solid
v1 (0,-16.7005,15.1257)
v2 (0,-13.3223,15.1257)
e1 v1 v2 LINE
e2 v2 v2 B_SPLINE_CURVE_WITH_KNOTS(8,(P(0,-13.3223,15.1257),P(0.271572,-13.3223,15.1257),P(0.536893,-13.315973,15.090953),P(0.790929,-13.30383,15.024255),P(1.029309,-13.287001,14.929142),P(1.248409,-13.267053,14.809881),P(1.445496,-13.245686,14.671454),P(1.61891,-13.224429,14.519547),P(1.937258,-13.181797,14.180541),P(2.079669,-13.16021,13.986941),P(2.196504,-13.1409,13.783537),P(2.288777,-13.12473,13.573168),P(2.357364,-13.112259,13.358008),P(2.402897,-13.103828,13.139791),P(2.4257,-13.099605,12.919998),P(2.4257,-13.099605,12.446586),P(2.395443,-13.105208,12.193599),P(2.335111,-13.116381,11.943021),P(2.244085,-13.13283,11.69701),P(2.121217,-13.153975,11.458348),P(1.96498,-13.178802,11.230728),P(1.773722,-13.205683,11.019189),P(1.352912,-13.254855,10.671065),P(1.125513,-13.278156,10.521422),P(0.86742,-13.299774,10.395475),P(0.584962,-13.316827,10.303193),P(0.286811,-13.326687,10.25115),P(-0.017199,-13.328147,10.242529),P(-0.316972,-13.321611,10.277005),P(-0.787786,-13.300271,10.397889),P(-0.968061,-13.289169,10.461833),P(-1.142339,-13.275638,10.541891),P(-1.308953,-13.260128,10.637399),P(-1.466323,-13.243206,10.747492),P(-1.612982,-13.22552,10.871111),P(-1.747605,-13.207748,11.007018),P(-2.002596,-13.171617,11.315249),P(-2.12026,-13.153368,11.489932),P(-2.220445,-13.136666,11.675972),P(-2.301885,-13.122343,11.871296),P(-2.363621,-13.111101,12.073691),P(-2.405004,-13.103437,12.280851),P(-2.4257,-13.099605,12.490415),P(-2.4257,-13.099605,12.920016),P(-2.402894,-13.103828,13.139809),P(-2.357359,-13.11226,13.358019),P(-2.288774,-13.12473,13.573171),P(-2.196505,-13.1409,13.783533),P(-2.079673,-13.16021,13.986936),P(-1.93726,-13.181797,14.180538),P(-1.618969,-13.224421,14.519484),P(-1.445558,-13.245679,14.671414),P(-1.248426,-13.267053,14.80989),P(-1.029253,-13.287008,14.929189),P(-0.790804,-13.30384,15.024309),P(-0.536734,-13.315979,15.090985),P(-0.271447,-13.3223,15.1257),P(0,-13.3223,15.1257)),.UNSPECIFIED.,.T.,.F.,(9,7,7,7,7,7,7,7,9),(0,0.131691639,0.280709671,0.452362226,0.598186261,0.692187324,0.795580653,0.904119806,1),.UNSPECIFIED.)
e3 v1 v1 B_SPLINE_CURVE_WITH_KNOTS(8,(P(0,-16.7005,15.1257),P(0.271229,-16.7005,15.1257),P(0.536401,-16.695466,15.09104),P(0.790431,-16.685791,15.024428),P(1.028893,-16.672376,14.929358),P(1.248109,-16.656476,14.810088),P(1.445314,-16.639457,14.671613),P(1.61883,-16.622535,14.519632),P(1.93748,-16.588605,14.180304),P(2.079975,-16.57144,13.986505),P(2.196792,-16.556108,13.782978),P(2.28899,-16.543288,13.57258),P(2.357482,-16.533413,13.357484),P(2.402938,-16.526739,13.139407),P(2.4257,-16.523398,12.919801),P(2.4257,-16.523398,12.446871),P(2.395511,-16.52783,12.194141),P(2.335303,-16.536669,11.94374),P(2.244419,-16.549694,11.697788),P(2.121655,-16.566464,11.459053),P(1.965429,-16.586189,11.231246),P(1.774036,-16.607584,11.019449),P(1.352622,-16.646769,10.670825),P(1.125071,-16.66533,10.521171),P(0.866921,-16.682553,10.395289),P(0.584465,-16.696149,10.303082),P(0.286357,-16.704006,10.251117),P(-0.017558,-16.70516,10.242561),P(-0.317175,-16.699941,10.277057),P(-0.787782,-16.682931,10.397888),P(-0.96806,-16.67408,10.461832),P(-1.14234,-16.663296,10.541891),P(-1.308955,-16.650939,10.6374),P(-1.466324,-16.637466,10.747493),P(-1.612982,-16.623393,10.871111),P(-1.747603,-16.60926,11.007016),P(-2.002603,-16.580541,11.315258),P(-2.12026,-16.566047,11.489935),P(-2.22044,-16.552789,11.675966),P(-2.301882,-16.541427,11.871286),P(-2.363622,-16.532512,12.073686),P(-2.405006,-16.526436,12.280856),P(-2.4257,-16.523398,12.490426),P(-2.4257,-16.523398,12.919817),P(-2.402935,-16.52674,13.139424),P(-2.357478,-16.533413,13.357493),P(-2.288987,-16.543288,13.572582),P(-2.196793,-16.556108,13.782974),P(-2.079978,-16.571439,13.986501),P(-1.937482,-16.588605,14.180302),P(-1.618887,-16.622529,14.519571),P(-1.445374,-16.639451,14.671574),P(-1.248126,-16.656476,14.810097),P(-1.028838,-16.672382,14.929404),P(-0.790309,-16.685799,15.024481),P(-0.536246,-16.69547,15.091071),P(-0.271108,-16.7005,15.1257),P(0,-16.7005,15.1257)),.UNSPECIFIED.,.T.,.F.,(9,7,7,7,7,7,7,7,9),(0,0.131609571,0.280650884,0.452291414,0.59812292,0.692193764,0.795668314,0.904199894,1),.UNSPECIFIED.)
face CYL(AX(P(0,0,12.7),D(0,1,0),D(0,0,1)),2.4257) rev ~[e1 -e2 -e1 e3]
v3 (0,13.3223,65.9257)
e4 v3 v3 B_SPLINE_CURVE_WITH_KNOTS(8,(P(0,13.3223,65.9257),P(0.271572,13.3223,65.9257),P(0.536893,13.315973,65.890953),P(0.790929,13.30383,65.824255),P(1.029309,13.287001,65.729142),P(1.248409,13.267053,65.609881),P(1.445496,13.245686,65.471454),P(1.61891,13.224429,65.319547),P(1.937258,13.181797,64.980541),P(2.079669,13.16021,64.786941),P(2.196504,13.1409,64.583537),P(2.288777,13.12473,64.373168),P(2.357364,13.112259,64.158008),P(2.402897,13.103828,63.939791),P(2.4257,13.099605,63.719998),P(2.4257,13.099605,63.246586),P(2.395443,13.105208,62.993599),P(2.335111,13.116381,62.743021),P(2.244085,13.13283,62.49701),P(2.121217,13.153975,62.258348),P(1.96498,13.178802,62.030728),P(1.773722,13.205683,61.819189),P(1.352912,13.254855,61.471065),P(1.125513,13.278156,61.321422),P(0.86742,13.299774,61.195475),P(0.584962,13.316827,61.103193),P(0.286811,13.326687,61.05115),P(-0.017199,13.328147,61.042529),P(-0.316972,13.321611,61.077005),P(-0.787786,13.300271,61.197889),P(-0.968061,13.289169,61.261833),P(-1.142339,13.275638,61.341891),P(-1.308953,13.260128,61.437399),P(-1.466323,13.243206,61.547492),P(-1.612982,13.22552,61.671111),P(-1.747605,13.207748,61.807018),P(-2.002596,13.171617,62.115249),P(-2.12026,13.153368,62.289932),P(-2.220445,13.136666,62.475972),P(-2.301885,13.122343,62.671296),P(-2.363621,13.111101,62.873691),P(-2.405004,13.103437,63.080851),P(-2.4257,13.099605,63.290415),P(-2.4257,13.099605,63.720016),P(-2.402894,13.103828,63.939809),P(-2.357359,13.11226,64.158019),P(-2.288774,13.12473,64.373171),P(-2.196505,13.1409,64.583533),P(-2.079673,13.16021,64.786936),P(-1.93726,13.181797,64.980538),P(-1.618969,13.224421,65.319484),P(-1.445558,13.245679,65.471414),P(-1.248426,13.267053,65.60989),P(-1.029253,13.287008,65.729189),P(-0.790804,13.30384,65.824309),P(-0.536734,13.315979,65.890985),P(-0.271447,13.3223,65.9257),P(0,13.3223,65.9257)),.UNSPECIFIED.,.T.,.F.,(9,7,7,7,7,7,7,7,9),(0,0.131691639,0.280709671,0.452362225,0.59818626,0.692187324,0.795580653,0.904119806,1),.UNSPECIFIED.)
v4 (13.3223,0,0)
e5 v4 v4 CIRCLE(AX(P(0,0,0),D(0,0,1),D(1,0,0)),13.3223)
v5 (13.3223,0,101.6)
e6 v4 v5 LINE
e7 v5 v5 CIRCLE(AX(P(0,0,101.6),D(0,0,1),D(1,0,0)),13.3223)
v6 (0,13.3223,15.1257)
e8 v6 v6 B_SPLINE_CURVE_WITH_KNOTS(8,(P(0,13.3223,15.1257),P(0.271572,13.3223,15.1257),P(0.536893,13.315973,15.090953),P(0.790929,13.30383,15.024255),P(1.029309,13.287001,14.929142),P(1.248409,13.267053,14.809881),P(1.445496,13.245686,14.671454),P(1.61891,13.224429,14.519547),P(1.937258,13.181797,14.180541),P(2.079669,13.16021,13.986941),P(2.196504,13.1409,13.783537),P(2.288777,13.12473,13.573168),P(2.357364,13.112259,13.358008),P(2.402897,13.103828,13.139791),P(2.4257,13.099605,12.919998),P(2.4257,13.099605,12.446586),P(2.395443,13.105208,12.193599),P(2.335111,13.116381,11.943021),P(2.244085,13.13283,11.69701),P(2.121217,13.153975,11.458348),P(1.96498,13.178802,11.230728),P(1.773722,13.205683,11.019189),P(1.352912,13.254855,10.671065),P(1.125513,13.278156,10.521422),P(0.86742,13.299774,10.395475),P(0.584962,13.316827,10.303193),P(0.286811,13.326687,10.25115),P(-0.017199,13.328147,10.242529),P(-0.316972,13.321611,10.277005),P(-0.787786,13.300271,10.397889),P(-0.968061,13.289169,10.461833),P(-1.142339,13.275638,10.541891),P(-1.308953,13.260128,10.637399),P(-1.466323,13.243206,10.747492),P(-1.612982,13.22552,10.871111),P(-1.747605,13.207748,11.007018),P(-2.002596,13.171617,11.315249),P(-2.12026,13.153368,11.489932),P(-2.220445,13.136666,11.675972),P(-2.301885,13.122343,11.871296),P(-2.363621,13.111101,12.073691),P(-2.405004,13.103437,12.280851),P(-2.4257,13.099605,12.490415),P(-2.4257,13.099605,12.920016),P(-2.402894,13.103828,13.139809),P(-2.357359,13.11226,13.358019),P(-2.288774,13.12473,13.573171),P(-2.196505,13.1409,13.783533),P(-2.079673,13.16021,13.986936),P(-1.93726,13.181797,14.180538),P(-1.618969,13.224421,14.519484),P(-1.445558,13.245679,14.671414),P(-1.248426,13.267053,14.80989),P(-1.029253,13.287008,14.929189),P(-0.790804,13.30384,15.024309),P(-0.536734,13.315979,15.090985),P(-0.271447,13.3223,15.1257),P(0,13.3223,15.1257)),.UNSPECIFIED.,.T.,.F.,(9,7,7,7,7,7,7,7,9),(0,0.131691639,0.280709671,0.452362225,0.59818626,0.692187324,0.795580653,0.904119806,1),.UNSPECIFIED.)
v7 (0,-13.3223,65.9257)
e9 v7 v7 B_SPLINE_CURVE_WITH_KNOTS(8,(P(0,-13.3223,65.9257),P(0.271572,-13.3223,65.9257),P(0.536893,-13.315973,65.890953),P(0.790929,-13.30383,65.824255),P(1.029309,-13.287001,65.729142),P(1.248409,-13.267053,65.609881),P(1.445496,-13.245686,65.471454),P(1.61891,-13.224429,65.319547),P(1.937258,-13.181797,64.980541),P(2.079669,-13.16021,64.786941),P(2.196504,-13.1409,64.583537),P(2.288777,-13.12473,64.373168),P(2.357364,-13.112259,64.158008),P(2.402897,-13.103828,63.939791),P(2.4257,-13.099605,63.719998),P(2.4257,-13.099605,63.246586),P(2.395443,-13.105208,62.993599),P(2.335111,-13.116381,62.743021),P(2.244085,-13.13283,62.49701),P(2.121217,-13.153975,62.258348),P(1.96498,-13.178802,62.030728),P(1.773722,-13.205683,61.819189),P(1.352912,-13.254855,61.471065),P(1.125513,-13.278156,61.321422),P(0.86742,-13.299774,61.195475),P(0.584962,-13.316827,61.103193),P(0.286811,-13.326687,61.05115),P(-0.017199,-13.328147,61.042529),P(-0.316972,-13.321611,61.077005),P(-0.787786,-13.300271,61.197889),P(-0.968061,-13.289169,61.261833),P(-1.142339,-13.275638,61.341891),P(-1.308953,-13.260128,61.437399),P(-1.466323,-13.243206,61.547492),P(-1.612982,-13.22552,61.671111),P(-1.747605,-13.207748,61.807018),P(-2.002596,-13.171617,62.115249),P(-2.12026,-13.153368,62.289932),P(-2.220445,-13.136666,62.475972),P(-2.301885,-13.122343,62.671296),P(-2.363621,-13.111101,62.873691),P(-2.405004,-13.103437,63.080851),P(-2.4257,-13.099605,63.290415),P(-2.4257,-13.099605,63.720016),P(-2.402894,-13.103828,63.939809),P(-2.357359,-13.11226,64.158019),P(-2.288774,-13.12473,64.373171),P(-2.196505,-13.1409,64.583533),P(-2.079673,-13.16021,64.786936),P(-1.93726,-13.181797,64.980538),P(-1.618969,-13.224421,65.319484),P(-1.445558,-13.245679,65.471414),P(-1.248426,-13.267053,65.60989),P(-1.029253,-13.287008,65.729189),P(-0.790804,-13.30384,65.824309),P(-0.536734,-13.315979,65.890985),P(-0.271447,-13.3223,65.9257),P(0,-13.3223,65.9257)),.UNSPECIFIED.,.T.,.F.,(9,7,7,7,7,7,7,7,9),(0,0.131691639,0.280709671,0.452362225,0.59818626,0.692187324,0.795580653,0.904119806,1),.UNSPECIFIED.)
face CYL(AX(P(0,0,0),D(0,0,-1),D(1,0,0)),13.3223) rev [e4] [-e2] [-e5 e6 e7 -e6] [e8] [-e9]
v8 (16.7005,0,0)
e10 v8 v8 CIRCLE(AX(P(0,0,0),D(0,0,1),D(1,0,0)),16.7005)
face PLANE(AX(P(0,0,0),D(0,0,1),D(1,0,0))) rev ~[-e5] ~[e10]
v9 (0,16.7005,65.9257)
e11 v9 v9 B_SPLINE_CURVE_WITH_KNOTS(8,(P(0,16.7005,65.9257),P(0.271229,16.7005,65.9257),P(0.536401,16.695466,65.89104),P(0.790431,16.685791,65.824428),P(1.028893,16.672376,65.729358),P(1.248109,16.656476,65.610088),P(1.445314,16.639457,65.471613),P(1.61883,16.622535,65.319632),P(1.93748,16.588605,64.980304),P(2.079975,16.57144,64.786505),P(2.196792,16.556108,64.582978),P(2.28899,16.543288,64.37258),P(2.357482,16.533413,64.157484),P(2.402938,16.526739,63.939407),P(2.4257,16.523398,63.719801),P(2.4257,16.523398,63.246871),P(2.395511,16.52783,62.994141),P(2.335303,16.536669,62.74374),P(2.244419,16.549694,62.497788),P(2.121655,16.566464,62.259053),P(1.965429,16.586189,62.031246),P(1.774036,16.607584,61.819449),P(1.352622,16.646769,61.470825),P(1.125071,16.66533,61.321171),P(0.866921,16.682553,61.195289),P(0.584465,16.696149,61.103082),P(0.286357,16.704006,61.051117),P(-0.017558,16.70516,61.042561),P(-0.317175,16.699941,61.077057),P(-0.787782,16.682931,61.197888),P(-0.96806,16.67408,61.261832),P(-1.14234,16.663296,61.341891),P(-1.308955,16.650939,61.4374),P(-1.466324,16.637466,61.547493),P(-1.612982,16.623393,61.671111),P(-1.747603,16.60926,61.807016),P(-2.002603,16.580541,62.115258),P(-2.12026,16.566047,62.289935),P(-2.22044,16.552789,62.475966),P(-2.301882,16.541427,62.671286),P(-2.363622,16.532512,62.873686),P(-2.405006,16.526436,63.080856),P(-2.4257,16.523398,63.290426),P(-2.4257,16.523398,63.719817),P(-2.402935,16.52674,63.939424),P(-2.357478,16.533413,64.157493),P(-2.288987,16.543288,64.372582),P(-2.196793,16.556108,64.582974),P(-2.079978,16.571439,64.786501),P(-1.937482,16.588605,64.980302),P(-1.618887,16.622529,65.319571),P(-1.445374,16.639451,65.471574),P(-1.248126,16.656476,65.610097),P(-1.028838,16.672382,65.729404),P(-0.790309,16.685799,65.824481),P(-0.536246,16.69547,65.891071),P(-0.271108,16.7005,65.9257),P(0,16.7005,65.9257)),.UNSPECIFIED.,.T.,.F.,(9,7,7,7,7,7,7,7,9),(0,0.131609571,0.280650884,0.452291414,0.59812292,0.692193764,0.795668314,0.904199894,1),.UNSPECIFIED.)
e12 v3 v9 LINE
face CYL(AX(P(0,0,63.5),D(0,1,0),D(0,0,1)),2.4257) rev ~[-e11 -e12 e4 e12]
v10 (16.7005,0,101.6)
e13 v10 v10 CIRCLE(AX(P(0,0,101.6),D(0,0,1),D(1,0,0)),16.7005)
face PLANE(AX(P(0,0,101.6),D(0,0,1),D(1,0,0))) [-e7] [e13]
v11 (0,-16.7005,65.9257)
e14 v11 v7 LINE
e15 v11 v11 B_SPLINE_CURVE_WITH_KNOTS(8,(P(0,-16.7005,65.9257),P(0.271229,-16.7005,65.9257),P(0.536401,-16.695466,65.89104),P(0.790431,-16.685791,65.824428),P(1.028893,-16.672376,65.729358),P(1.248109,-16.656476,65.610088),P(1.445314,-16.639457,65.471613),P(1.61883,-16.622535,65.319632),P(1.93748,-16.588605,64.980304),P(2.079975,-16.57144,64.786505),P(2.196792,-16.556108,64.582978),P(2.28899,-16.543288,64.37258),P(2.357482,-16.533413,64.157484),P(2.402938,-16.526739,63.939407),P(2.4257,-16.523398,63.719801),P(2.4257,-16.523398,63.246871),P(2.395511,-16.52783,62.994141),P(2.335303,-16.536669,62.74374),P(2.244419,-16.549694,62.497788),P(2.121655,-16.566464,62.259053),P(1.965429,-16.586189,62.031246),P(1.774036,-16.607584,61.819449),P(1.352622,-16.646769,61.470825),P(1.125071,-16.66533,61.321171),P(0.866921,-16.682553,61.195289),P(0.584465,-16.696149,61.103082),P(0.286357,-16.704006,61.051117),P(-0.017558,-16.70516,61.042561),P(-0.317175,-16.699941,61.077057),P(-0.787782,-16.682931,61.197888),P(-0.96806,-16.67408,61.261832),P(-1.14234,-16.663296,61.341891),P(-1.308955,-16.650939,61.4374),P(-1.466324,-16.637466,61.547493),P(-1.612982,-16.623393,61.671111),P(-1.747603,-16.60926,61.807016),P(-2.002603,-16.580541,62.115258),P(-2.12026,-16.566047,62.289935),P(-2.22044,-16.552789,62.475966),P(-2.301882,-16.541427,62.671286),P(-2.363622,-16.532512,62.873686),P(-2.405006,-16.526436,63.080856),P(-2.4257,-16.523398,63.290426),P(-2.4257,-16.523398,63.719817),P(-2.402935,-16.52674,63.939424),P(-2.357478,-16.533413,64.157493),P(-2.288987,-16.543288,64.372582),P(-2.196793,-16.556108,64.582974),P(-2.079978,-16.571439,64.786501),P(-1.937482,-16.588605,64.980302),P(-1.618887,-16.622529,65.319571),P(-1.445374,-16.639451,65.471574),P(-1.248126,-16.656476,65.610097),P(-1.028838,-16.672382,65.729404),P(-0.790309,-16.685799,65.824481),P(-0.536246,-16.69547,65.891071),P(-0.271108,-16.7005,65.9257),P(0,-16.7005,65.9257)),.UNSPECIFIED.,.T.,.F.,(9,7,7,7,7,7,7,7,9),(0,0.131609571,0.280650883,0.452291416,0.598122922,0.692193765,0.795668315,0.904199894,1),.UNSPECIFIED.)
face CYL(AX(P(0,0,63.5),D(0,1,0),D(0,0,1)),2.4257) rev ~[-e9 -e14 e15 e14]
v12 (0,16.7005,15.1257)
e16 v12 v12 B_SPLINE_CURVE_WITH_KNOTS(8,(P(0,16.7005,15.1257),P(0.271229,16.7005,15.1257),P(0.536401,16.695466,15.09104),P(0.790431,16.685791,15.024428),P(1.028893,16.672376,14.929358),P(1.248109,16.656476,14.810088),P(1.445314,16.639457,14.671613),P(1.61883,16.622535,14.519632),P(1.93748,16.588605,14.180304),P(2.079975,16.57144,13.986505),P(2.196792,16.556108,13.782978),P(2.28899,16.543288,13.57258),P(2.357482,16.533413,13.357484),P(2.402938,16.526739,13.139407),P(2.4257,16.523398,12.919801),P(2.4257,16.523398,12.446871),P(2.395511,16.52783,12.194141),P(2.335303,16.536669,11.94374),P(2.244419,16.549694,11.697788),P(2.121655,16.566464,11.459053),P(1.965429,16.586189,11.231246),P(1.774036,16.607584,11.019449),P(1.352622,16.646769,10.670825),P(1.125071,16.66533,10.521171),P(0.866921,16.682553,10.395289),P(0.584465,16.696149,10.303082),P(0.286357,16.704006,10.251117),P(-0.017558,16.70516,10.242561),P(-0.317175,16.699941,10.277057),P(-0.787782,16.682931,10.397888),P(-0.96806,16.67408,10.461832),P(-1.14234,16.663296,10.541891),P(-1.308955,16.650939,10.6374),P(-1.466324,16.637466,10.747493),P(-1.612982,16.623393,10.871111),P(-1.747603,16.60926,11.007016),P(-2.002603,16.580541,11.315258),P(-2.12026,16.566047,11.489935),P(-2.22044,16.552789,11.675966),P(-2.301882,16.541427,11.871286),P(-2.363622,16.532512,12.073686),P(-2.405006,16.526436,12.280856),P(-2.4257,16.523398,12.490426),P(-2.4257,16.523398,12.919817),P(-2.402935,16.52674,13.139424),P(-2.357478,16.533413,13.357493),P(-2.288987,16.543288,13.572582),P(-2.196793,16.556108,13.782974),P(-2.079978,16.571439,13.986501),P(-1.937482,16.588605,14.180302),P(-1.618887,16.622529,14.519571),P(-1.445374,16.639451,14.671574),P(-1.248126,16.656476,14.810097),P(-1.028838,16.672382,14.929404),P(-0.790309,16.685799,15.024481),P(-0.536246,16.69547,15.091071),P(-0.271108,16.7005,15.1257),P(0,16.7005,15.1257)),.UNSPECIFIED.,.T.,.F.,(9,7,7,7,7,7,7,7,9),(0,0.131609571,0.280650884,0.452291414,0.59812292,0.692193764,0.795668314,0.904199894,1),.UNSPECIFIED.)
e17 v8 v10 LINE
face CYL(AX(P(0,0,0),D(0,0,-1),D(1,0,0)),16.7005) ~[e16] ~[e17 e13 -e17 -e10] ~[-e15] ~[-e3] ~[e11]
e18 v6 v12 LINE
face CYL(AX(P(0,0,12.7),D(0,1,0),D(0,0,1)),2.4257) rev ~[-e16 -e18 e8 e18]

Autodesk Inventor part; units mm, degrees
ref_plane "XZ Plane" through (0, 0, 0) normal (0, 1, 0) x (-1, 0, 0)
ref_plane "XY Plane" through (0, 0, 0) normal (0, 0, 1) x (1, 0, 0)
sketch "Sketch1" plane through (0, 0, 0) normal (0, 0, 1) x (1, 0, 0)
  circle A0 centre (0, 0) radius 16.7005
  circle A1 centre (0, 0) radius 13.3223
  dimension "d0" = 26.6446
  dimension "d1" = 33.401
extrude "Extrusion1" add sketch "Sketch1" along normal blind 101.6
ref_plane "Work Plane1" through (0, 0, 0) normal (0, 1, 0) x (0, 0, 1)
sketch "Sketch2" plane through (0, 0, 0) normal (0, 1, 0) x (0, 0, 1)
  line L0 (0, -16.7005) -> (101.6, -16.7005) projected
  line L1 (101.6, 13.3223) -> (101.6, -13.3223) projected
  line L2 (101.6, 16.7005) -> (101.6, -16.7005) projected
  line L3 (-20.32, 0) -> (121.92, 0) projected
  circle A0 centre (63.5, 0) radius 2.4257
  dimension "d5" = 38.1
  dimension "d6" = 4.8514
extrude "Extrusion2" cut sketch "Sketch2" against normal mid plane 1638.3
pattern_linear "Rectangular Pattern1" count 2 spacing 50.8 along (0, 0, -1) of "Extrusion2"
properties part number "FE-00018-02"
